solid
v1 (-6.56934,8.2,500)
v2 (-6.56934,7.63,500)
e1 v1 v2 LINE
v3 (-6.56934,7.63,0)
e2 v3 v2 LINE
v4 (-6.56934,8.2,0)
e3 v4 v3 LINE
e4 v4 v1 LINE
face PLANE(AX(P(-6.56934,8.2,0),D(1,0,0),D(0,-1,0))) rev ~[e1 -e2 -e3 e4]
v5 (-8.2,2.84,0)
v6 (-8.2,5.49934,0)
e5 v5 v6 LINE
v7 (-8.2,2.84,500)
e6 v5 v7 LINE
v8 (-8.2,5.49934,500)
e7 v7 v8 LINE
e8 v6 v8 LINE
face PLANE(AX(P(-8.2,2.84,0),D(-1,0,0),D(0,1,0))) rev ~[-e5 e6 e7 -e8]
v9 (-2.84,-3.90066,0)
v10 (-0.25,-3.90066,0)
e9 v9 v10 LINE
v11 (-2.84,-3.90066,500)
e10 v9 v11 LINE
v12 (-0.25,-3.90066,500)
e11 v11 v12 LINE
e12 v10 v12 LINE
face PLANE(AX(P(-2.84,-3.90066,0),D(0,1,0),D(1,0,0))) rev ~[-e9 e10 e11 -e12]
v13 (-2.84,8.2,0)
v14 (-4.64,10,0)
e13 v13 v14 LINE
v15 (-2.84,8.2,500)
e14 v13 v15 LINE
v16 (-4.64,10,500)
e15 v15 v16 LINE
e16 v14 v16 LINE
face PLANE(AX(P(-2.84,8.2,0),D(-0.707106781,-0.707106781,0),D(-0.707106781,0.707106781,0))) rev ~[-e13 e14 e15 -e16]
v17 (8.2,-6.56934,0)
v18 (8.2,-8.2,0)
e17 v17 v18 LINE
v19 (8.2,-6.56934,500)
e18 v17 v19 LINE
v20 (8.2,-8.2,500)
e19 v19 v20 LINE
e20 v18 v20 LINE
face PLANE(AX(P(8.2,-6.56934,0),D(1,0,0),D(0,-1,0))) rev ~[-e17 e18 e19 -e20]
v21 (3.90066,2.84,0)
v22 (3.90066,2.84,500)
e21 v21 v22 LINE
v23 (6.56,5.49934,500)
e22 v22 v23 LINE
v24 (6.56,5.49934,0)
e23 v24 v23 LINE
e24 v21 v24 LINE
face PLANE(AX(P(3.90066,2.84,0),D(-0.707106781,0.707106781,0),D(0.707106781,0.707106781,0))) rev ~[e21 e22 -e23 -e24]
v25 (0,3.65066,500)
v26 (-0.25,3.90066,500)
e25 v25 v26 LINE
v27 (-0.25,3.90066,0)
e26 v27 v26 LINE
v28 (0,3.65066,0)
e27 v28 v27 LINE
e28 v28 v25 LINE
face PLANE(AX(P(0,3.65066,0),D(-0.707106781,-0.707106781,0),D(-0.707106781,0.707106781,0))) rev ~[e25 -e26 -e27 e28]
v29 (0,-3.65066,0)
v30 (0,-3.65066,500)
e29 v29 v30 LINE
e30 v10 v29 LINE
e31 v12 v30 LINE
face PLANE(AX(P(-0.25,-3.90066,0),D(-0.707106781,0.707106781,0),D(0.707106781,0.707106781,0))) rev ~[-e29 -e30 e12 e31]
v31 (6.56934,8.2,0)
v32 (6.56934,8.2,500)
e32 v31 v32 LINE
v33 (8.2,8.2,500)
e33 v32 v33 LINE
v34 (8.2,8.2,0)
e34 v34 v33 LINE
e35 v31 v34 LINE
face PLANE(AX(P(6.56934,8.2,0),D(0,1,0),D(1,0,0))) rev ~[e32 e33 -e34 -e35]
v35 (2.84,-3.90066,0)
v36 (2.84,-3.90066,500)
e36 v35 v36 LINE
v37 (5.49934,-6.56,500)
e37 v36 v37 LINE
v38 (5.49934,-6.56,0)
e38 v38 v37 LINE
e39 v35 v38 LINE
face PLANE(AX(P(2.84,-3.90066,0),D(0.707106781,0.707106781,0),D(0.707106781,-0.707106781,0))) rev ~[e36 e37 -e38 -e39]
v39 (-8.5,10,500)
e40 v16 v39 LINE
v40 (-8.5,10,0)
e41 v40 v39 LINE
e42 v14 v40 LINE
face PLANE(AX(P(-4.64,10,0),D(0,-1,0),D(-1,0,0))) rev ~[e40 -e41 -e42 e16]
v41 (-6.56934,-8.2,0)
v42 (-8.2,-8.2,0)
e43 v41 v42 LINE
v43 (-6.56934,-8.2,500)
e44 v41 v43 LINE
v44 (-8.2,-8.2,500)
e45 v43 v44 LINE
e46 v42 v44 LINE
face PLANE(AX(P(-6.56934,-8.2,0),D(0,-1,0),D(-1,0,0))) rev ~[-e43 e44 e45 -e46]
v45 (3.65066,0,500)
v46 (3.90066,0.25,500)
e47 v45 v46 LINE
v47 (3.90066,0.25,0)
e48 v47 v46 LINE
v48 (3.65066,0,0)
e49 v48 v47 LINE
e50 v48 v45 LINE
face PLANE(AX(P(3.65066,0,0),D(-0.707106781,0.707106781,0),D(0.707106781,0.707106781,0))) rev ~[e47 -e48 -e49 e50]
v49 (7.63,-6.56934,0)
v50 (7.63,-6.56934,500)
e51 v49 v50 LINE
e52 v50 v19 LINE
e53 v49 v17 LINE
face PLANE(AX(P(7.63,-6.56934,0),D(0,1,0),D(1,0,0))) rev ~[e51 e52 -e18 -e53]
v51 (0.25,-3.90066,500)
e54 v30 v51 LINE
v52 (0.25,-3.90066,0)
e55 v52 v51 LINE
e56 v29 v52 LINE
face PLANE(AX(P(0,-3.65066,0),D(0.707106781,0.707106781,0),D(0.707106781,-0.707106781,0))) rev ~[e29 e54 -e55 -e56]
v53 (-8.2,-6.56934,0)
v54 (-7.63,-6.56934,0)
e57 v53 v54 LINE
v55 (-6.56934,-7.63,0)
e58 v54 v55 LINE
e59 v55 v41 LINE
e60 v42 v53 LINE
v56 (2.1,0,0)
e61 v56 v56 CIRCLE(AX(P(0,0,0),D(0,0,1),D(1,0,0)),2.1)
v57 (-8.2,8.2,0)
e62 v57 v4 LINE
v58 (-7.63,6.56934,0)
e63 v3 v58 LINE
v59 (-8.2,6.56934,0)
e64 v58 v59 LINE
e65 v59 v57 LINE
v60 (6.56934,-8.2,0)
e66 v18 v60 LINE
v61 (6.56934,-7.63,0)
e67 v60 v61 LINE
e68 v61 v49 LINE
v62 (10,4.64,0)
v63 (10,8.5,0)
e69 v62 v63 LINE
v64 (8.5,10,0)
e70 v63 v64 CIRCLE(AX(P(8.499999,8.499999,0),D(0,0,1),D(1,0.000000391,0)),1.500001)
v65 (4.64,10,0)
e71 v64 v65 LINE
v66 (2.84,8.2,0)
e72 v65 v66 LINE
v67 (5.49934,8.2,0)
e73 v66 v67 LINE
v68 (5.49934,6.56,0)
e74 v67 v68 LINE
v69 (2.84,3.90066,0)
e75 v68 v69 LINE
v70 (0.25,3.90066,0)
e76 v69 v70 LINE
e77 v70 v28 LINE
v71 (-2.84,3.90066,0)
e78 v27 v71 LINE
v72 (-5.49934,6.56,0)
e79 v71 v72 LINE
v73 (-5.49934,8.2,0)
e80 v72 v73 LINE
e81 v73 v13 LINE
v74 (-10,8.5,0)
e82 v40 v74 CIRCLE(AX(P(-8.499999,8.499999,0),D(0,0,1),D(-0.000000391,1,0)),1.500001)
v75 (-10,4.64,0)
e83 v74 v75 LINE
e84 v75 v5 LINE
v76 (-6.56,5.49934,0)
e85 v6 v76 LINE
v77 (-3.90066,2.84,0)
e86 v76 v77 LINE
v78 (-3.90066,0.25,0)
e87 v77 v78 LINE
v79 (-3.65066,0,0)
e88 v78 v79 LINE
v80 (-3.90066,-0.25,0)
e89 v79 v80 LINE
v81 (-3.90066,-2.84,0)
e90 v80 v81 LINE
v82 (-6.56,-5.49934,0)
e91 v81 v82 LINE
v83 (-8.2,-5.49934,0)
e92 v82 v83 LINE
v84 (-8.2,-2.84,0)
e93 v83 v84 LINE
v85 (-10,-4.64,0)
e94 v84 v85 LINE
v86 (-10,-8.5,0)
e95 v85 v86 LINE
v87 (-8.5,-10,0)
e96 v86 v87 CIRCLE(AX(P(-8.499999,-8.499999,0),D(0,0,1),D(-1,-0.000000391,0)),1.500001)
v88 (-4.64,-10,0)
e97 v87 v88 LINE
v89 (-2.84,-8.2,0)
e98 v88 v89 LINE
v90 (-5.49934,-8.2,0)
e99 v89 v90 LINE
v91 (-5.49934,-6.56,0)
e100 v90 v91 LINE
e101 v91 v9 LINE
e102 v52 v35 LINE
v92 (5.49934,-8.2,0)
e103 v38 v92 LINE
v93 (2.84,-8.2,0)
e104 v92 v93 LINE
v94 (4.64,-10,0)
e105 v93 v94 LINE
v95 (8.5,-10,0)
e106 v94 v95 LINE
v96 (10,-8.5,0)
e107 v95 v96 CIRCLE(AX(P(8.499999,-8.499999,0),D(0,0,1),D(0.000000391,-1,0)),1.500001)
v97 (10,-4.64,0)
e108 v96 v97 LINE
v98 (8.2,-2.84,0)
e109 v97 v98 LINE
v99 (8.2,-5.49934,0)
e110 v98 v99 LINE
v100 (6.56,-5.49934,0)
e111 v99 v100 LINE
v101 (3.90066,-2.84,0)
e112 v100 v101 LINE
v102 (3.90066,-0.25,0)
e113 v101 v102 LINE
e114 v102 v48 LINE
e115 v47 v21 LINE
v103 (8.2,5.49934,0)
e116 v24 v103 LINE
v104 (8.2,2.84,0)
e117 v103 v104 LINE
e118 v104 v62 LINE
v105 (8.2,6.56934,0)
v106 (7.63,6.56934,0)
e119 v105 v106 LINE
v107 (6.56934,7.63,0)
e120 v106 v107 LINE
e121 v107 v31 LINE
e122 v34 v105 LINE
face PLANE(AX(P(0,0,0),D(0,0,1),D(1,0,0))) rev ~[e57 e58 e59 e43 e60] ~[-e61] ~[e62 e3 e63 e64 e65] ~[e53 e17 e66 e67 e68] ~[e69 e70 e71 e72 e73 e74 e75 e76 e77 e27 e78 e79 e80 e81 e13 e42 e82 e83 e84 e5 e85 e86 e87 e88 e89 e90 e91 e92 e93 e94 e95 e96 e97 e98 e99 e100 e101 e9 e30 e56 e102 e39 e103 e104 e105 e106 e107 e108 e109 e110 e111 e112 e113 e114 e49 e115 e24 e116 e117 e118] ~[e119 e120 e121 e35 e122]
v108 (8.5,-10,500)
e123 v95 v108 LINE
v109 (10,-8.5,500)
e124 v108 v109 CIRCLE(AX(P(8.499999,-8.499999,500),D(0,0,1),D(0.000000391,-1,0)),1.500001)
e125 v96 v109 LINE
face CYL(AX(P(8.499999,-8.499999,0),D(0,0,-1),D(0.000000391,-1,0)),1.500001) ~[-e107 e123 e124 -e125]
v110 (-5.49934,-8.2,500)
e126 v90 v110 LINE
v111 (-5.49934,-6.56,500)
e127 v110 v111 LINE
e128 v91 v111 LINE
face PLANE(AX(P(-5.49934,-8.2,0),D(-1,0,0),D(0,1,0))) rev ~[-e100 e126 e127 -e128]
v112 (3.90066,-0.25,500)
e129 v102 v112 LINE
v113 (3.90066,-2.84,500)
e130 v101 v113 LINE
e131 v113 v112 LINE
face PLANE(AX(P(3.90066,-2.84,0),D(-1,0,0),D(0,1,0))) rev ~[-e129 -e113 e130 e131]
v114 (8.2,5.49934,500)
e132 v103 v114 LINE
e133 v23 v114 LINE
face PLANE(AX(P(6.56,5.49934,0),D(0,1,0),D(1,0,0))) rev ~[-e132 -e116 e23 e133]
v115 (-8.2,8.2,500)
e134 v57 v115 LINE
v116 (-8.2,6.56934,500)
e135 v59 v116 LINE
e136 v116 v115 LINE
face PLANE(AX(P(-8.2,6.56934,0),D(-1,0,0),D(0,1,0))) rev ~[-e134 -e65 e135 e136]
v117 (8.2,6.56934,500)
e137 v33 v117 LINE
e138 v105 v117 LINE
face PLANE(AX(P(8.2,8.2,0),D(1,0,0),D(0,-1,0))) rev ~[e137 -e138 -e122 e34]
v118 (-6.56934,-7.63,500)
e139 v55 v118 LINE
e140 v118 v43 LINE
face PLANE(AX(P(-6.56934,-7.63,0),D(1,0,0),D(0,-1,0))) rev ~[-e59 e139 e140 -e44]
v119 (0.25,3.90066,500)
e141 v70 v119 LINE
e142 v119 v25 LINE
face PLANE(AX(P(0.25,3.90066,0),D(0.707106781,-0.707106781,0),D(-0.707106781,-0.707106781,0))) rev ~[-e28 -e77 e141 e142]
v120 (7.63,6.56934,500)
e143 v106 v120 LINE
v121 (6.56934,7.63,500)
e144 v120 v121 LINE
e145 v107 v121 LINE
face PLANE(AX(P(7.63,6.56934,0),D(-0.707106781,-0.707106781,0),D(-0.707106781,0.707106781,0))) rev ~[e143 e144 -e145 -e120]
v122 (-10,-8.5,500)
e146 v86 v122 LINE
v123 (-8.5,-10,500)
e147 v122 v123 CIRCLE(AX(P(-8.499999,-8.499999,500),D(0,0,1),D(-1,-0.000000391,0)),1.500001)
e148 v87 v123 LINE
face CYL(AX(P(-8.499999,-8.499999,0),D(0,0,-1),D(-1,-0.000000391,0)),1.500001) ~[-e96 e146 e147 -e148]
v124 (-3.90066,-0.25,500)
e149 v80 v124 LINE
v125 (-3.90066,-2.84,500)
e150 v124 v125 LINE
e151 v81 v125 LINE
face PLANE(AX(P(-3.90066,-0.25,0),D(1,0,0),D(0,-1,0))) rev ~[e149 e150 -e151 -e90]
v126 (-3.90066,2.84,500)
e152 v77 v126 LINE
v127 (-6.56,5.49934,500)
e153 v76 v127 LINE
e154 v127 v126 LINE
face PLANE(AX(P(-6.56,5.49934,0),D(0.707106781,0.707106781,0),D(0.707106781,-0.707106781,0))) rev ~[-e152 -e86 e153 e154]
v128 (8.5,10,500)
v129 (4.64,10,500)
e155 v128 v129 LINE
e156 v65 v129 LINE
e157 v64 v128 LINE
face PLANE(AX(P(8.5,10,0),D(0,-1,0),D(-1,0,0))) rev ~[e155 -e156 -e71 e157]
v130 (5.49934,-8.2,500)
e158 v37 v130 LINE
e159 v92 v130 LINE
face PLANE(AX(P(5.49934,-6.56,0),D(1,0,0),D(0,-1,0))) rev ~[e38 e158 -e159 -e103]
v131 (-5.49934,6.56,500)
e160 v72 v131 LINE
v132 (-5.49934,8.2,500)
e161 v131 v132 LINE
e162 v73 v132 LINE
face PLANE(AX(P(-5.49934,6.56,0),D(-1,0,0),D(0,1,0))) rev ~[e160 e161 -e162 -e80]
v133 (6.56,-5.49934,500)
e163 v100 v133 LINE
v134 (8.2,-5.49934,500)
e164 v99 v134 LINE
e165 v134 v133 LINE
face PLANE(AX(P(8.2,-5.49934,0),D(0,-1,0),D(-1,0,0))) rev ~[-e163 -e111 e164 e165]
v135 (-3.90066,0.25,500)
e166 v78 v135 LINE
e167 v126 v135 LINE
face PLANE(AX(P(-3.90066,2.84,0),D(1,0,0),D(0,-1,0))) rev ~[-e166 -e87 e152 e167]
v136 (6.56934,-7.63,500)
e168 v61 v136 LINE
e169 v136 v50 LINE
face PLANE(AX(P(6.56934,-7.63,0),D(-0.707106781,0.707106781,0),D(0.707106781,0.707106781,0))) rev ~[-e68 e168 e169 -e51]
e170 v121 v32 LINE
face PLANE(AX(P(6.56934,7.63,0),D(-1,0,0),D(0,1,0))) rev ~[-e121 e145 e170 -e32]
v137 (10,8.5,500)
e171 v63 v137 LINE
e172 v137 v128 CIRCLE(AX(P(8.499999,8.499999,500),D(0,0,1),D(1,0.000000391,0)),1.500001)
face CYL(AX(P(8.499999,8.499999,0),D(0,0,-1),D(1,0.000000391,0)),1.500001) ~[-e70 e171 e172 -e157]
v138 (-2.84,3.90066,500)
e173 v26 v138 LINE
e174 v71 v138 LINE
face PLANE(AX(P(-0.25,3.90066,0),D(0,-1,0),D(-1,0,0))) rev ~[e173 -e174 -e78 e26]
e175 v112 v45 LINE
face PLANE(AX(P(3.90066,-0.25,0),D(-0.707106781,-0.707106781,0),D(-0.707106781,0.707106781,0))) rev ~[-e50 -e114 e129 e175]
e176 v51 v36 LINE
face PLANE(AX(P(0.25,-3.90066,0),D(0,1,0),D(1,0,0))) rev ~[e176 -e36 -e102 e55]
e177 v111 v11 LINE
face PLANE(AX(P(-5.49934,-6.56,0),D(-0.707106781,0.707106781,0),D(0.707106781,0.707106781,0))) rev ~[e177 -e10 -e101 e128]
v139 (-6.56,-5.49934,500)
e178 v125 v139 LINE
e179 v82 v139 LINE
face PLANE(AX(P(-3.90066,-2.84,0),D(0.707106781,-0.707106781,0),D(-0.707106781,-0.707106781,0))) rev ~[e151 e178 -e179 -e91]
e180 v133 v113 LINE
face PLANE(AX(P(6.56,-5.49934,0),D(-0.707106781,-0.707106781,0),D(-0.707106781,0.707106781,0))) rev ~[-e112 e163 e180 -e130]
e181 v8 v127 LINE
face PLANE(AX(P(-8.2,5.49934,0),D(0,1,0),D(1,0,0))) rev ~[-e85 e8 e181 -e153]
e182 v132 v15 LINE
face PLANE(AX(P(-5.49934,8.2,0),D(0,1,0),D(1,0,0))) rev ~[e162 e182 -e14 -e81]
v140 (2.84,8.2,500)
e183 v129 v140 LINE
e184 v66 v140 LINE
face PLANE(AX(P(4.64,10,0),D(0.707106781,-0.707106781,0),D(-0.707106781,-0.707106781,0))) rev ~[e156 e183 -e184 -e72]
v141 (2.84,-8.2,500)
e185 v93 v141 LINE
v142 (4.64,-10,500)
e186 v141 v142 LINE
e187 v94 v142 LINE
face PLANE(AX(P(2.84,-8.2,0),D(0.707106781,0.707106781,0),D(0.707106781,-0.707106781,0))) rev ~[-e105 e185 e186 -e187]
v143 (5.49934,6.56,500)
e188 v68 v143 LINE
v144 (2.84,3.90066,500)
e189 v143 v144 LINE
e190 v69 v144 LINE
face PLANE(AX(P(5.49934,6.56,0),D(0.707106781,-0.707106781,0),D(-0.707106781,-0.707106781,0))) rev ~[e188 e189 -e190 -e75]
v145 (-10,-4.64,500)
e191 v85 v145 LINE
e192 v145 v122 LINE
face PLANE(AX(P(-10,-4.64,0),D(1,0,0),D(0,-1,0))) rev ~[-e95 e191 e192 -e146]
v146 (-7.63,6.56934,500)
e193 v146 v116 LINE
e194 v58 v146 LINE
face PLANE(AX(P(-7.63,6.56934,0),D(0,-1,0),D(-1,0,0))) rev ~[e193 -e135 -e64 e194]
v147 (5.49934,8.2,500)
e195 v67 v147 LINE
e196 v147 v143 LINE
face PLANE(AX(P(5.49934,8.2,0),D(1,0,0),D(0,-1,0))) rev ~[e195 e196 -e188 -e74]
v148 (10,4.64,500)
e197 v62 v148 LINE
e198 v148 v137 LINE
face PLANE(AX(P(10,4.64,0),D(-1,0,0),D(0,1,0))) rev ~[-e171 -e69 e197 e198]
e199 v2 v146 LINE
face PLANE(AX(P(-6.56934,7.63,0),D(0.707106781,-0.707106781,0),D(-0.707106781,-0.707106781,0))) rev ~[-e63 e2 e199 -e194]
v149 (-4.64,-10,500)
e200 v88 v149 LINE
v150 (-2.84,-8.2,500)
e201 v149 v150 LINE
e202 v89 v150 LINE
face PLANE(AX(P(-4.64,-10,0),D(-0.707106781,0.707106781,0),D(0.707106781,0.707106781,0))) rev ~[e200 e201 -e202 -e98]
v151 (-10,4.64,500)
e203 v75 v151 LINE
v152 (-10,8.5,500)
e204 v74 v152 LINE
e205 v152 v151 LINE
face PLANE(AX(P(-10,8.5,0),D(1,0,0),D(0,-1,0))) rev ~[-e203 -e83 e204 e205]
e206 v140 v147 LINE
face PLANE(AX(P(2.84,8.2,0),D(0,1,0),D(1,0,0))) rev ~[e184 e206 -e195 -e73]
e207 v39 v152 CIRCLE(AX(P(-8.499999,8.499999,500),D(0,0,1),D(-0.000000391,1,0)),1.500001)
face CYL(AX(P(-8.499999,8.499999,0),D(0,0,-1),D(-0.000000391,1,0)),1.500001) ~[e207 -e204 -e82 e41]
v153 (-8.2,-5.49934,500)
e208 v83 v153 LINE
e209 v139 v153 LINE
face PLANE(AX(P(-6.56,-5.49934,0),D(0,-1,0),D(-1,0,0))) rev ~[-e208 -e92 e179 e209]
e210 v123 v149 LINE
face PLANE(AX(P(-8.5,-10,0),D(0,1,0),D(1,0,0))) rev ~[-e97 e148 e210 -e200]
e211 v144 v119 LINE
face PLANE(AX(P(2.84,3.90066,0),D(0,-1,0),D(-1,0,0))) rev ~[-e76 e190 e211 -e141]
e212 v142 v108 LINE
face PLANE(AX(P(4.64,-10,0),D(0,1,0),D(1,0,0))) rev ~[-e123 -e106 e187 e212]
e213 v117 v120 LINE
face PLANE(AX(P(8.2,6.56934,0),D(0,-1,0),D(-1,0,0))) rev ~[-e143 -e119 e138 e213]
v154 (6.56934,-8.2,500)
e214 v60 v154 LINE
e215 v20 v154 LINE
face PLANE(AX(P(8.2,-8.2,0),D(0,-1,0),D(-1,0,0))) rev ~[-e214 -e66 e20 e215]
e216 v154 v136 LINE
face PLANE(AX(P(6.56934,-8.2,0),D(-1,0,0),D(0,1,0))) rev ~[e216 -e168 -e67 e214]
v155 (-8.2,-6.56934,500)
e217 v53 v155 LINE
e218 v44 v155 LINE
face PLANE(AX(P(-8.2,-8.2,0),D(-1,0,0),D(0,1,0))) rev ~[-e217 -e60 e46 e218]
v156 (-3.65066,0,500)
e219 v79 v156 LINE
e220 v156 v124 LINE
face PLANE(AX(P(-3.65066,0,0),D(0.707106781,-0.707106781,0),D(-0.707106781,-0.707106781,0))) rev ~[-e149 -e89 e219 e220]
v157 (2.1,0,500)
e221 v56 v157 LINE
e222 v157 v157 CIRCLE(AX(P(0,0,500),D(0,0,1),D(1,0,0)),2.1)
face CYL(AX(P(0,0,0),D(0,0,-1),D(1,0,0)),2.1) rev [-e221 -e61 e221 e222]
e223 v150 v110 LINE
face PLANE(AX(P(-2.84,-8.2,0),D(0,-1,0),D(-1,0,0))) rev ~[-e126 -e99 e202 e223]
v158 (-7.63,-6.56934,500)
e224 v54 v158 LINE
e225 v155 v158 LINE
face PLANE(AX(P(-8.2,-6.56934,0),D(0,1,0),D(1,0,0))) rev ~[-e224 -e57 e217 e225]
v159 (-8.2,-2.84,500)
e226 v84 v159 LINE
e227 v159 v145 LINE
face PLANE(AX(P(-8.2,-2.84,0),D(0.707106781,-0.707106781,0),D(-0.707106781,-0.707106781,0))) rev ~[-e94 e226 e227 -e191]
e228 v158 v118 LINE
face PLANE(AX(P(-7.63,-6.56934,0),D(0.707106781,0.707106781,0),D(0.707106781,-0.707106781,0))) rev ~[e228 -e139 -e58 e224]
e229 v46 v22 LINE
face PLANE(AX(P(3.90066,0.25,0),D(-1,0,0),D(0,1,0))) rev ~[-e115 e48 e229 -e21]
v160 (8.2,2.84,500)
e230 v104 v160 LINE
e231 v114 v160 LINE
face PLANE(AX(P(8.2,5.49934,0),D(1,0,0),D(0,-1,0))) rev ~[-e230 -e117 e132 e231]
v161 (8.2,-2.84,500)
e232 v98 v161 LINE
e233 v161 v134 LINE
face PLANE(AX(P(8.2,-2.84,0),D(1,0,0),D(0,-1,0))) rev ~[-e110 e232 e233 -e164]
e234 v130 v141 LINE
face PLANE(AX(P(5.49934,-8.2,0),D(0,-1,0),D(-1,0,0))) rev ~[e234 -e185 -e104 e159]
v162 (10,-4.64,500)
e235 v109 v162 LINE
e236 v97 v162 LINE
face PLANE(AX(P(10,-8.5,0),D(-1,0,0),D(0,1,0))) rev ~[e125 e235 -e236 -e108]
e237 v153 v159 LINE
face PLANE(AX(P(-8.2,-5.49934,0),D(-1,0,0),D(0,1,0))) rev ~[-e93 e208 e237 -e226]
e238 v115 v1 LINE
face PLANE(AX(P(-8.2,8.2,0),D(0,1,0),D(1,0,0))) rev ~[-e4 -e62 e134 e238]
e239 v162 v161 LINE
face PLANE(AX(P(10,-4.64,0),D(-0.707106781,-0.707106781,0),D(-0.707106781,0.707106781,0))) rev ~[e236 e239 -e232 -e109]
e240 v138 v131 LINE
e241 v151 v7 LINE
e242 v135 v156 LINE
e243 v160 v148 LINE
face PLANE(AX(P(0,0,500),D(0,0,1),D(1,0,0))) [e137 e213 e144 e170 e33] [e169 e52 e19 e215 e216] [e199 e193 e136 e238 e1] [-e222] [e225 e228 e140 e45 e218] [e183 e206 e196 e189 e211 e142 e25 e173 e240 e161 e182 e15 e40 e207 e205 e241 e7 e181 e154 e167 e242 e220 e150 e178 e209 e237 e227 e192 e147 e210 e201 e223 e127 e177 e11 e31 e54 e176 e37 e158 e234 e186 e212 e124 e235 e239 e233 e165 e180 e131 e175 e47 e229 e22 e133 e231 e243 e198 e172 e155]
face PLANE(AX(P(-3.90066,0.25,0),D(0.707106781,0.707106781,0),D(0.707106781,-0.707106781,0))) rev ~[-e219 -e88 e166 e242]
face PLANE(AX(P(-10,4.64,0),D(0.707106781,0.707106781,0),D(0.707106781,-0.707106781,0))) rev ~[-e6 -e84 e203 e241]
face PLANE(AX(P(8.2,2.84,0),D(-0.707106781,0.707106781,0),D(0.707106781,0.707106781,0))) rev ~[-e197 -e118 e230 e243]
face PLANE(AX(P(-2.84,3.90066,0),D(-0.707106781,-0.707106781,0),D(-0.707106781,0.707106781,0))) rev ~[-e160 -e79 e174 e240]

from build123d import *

# Parameters (mm, degrees)
F0_R     = 2.1
F1_DEPTH = 500


with BuildPart() as f1:
    # F0 (on Top) → F1 (new body)
    with BuildSketch(Plane.XY):
        with BuildLine():
            Line((10, 4.64), (10, 8.5))
            ThreePointArc((10, 8.5), (9.56066, 9.56066), (8.5, 10))
            Line((8.5, 10), (4.64, 10))
            Line((4.64, 10), (2.84, 8.2))
            Line((2.84, 8.2), (5.49934, 8.2))
            Line((5.49934, 8.2), (5.49934, 6.56))
            Line((5.49934, 6.56), (2.84, 3.90066))
            Line((2.84, 3.90066), (0.25, 3.90066))
            Line((0.25, 3.90066), (0, 3.65066))
            Line((0, 3.65066), (-0.25, 3.90066))
            Line((-0.25, 3.90066), (-2.84, 3.90066))
            Line((-2.84, 3.90066), (-5.49934, 6.56))
            Line((-5.49934, 6.56), (-5.49934, 8.2))
            Line((-5.49934, 8.2), (-2.84, 8.2))
            Line((-2.84, 8.2), (-4.64, 10))
            Line((-4.64, 10), (-8.5, 10))
            ThreePointArc((-8.5, 10), (-9.56066, 9.56066), (-10, 8.5))
            Line((-10, 8.5), (-10, 4.64))
            Line((-10, 4.64), (-8.2, 2.84))
            Line((-8.2, 2.84), (-8.2, 5.49934))
            Line((-8.2, 5.49934), (-6.56, 5.49934))
            Line((-6.56, 5.49934), (-3.90066, 2.84))
            Line((-3.90066, 2.84), (-3.90066, 0.25))
            Line((-3.90066, 0.25), (-3.65066, 0))
            Line((-3.65066, 0), (-3.90066, -0.25))
            Line((-3.90066, -0.25), (-3.90066, -2.84))
            Line((-3.90066, -2.84), (-6.56, -5.49934))
            Line((-6.56, -5.49934), (-8.2, -5.49934))
            Line((-8.2, -5.49934), (-8.2, -2.84))
            Line((-8.2, -2.84), (-10, -4.64))
            Line((-10, -4.64), (-10, -8.5))
            ThreePointArc((-10, -8.5), (-9.56066, -9.56066), (-8.5, -10))
            Line((-8.5, -10), (-4.64, -10))
            Line((-4.64, -10), (-2.84, -8.2))
            Line((-2.84, -8.2), (-5.49934, -8.2))
            Line((-5.49934, -8.2), (-5.49934, -6.56))
            Line((-5.49934, -6.56), (-2.84, -3.90066))
            Line((-2.84, -3.90066), (-0.25, -3.90066))
            Line((-0.25, -3.90066), (0, -3.65066))
            Line((0, -3.65066), (0.25, -3.90066))
            Line((0.25, -3.90066), (2.84, -3.90066))
            Line((2.84, -3.90066), (5.49934, -6.56))
            Line((5.49934, -6.56), (5.49934, -8.2))
            Line((5.49934, -8.2), (2.84, -8.2))
            Line((2.84, -8.2), (4.64, -10))
            Line((4.64, -10), (8.5, -10))
            ThreePointArc((8.5, -10), (9.56066, -9.56066), (10, -8.5))
            Line((10, -8.5), (10, -4.64))
            Line((10, -4.64), (8.2, -2.84))
            Line((8.2, -2.84), (8.2, -5.49934))
            Line((8.2, -5.49934), (6.56, -5.49934))
            Line((6.56, -5.49934), (3.90066, -2.84))
            Line((3.90066, -2.84), (3.90066, -0.25))
            Line((3.90066, -0.25), (3.65066, 0))
            Line((3.65066, 0), (3.90066, 0.25))
            Line((3.90066, 0.25), (3.90066, 2.84))
            Line((3.90066, 2.84), (6.56, 5.49934))
            Line((6.56, 5.49934), (8.2, 5.49934))
            Line((8.2, 5.49934), (8.2, 2.84))
            Line((8.2, 2.84), (10, 4.64))
        make_face()
        Polygon((-6.56934, -7.63), (-6.56934, -8.2), (-8.2, -8.2), (-8.2, -6.56934), (-7.63, -6.56934), align=None, mode=Mode.SUBTRACT)
        Polygon((8.2, -8.2), (6.56934, -8.2), (6.56934, -7.63), (7.63, -6.56934), (8.2, -6.56934), align=None, mode=Mode.SUBTRACT)
        Polygon((-7.63, 6.56934), (-8.2, 6.56934), (-8.2, 8.2), (-6.56934, 8.2), (-6.56934, 7.63), align=None, mode=Mode.SUBTRACT)
        Circle(F0_R, mode=Mode.SUBTRACT)
        Polygon((6.56934, 7.63), (6.56934, 8.2), (8.2, 8.2), (8.2, 6.56934), (7.63, 6.56934), align=None, mode=Mode.SUBTRACT)
    extrude(amount=F1_DEPTH)


solid = f1.part
